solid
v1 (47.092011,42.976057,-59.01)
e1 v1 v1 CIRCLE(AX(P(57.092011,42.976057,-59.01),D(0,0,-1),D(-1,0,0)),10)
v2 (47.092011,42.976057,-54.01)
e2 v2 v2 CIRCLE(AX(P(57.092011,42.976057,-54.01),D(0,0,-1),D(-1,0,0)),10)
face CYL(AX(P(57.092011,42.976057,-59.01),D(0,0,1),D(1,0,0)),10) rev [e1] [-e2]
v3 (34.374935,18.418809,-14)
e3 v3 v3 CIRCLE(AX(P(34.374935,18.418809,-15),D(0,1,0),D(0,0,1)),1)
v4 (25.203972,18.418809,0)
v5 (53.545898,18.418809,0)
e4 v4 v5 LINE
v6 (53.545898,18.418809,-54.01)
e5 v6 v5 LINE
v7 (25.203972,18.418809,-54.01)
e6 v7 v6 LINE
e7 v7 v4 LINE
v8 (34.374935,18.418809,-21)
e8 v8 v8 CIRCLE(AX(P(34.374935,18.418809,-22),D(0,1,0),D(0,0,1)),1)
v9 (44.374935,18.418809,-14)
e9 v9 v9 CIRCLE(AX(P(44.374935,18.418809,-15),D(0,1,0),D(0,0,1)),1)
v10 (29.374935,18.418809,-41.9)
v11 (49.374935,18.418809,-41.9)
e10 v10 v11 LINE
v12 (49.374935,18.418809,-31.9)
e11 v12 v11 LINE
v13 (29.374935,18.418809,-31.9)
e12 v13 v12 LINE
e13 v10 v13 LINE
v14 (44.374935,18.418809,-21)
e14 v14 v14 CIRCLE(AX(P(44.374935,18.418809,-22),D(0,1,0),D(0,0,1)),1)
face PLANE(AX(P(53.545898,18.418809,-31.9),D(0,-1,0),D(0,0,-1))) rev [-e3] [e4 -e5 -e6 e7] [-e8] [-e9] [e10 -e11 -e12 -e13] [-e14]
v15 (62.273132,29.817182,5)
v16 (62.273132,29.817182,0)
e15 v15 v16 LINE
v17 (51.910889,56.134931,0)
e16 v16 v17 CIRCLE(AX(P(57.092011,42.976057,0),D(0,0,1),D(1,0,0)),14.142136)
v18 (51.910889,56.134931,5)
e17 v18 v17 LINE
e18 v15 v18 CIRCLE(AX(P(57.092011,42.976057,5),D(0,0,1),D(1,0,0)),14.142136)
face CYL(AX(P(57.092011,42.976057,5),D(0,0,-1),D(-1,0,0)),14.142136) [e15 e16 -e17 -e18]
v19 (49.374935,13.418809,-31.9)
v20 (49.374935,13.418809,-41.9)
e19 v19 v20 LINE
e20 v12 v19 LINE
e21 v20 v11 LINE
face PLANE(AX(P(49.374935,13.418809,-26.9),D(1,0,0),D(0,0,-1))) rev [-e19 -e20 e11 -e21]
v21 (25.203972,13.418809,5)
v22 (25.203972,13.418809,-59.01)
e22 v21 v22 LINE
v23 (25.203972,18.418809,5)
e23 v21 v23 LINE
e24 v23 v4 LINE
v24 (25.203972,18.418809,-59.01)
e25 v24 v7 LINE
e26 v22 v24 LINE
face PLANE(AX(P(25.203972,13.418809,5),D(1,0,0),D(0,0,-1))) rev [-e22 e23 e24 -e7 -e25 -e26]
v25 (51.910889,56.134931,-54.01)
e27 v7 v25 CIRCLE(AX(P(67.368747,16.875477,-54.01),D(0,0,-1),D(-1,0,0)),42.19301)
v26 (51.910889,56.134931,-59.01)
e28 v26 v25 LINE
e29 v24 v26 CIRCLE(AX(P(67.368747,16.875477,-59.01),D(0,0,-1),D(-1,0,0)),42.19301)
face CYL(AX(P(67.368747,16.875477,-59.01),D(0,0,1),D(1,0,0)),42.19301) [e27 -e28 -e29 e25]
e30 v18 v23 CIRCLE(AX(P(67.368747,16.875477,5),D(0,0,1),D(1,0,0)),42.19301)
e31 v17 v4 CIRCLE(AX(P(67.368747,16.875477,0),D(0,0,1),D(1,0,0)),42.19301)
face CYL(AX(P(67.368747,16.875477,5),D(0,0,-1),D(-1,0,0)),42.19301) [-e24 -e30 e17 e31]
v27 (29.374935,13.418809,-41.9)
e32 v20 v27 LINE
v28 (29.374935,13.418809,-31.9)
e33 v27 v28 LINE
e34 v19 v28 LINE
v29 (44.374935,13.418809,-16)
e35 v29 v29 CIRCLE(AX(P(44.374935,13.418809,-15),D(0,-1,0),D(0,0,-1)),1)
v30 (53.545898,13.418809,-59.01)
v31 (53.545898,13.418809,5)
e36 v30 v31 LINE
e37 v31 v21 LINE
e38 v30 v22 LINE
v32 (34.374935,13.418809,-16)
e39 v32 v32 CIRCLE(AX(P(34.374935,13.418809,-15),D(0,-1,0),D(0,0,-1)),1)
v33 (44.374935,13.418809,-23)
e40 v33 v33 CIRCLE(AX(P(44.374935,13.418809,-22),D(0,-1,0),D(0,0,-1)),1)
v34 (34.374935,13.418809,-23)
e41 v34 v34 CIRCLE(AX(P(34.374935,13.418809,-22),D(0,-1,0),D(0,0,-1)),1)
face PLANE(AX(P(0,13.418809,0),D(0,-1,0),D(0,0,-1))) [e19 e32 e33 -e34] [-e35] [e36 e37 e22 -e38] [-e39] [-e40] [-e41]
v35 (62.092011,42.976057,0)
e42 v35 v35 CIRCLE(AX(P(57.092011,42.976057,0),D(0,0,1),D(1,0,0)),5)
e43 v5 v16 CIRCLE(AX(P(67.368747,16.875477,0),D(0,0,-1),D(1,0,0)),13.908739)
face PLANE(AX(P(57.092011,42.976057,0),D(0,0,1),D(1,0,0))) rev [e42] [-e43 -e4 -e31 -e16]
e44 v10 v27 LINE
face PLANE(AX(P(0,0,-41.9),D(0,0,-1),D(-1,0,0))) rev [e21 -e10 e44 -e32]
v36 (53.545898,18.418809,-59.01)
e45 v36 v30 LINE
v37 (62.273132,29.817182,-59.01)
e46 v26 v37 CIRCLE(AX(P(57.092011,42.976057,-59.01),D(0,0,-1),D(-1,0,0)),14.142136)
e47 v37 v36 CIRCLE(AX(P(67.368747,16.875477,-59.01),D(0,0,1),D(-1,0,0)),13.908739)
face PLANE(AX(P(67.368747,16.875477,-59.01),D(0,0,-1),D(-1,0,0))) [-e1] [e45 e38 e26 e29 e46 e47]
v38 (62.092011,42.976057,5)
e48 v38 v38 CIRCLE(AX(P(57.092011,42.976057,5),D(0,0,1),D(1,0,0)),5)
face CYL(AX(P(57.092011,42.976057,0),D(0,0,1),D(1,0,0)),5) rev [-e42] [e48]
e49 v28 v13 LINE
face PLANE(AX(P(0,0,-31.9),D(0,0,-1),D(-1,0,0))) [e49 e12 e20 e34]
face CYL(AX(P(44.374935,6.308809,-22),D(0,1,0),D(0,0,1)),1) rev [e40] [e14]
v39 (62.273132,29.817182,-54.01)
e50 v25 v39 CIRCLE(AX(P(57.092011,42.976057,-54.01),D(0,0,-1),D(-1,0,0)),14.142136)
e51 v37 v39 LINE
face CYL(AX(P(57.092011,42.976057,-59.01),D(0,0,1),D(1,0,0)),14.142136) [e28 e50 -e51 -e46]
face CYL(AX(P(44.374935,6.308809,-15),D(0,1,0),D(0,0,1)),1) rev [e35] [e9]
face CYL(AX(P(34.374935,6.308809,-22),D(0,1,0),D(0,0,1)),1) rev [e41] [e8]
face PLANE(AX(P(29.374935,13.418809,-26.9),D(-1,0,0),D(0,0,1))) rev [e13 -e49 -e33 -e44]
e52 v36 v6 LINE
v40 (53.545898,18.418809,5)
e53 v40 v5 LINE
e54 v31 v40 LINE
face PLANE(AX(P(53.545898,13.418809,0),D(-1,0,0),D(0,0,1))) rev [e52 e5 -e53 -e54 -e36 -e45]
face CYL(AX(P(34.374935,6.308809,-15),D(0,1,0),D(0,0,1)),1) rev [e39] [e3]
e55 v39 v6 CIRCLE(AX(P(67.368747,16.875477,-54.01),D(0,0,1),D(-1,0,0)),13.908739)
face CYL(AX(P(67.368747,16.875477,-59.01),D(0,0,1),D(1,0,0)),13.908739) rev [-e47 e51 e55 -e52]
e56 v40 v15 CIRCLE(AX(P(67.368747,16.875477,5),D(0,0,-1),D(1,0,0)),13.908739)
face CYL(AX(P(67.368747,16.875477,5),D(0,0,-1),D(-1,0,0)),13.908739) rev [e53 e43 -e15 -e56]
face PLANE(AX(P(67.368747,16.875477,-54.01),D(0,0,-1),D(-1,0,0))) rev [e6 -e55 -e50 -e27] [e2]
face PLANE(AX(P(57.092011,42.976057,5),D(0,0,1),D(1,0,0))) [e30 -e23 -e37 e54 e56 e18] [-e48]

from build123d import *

# Parameters (mm, degrees)
BOSS_EXTRUDE1_DEPTH  = 5
SKETCH2_R            = 5
CUT_EXTRUDE1_DEPTH   = 5
SKETCH4_W            = 28.341926147
SKETCH4_H            = 5
BOSS_EXTRUDE2_DEPTH  = 5
SKETCH5_W            = 28.341926147
SKETCH5_H            = 5
BOSS_EXTRUDE3_DEPTH  = 31.9
SKETCH6_W            = 20
SKETCH6_H            = 5
CUT_EXTRUDE3_DEPTH   = 5
SKETCH8_W            = 4.170963073
SKETCH8_H            = 5
SKETCH8_W_2          = 4.170963074
BOSS_EXTRUDE8_DEPTH  = 10
SKETCH15_W           = 20
SKETCH15_H           = 5
BOSS_EXTRUDE9_DEPTH  = 5
SKETCH18_W           = 28.341926147
SKETCH18_H           = 5
BOSS_EXTRUDE11_DEPTH = 12.11
SKETCH19_R           = 1
CUT_EXTRUDE6_DEPTH   = 12.11
BOSS_EXTRUDE12_START = 5
SKETCH20_R           = 10
BOSS_EXTRUDE12_DEPTH = 5


with BuildPart() as part:
    # Model → Boss-Extrude1 (new body)
    with BuildSketch(Plane.XY):
        with BuildLine():
            Line((25.203972036, 18.418809181), (53.545898183, 18.418809181))
            ThreePointArc((53.545898183, 18.418809181), (56.325296764, 25.33096224), (62.273132312, 29.817182103))
            ThreePointArc((62.273132312, 29.817182103), (70.250885109, 48.157178295), (51.910888918, 56.134931092))
            ThreePointArc((51.910888918, 56.134931092), (32.934484586, 41.258497646), (25.203972036, 18.418809181))
        make_face()
    extrude(amount=BOSS_EXTRUDE1_DEPTH)

    # Sketch2 → Cut-Extrude1 (cut)
    with BuildSketch(Plane.XY.offset(5)):
        with Locations((57.092010615, 42.976056598)):
            Circle(SKETCH2_R)
    extrude(amount=-CUT_EXTRUDE1_DEPTH, mode=Mode.SUBTRACT)

    # Sketch4 → Boss-Extrude2 (add)
    with BuildSketch(Plane.XZ.offset(-18.418809181)):
        with Locations((39.37493511, 2.5)):
            Rectangle(SKETCH4_W, SKETCH4_H)
    extrude(amount=BOSS_EXTRUDE2_DEPTH)

    # Sketch5 → Boss-Extrude3 (add)
    with BuildSketch(Plane(origin=(0, 0, 0), x_dir=(-1, 0, 0), z_dir=(0, 0, -1))):
        with Locations((-39.37493511, 15.918809181)):
            Rectangle(SKETCH5_W, SKETCH5_H)
    extrude(amount=BOSS_EXTRUDE3_DEPTH)

    # Sketch6 → Cut-Extrude3 (cut)
    with BuildSketch(Plane(origin=(0, 18.418809181, 0), x_dir=(1, 0, 0), z_dir=(0, 1, 0))):
        with Locations((39.37493511, 29.4)):
            Rectangle(SKETCH6_W, SKETCH6_H)
    extrude(amount=-CUT_EXTRUDE3_DEPTH, mode=Mode.SUBTRACT)

    # Sketch8 → Boss-Extrude8 (add)
    with BuildSketch(Plane(origin=(0, 0, -31.9), x_dir=(-1, 0, 0), z_dir=(0, 0, -1))):
        with Locations((-51.460416647, 15.918809181)):
            Rectangle(SKETCH8_W, SKETCH8_H)
        with Locations((-27.289453573, 15.918809181)):
            Rectangle(SKETCH8_W_2, SKETCH8_H)
    extrude(amount=BOSS_EXTRUDE8_DEPTH)

    # Sketch15 → Boss-Extrude9 (add)
    with BuildSketch(Plane(origin=(0, 0, -26.9), x_dir=(-1, 0, 0), z_dir=(0, 0, -1))):
        with Locations((-39.37493511, 15.918809181)):
            Rectangle(SKETCH15_W, SKETCH15_H)
    extrude(amount=BOSS_EXTRUDE9_DEPTH)

    # Sketch18 → Boss-Extrude11 (add)
    with BuildSketch(Plane(origin=(0, 0, -41.9), x_dir=(-1, 0, 0), z_dir=(0, 0, -1))):
        with Locations((-39.37493511, 15.918809181)):
            Rectangle(SKETCH18_W, SKETCH18_H)
    extrude(amount=BOSS_EXTRUDE11_DEPTH)

    # Sketch19 → Cut-Extrude6 (cut)
    with BuildSketch(Plane(origin=(0, 18.418809181, 0), x_dir=(1, 0, 0), z_dir=(0, 1, 0))):
        with Locations(Location((34.37493511, 22, 0), (0, 0, 270))):
            Circle(SKETCH19_R)
        with Locations(Location((44.37493511, 22, 0), (0, 0, 270))):
            Circle(SKETCH19_R)
        with Locations(Location((34.37493511, 15, 0), (0, 0, 270))):
            Circle(SKETCH19_R)
        with Locations(Location((44.37493511, 15, 0), (0, 0, 270))):
            Circle(SKETCH19_R)
    extrude(amount=-CUT_EXTRUDE6_DEPTH, mode=Mode.SUBTRACT)

    # Sketch20 → Boss-Extrude12 (add)
    with BuildSketch(Plane(origin=(0, 0, -54.01), x_dir=(-1, 0, 0), z_dir=(0, 0, -1)).offset(BOSS_EXTRUDE12_START)):
        with BuildLine():
            Line((-53.545898183, 18.418809181), (-53.545898183, 13.418809181))
            Line((-53.545898183, 13.418809181), (-25.203972036, 13.418809181))
            Line((-25.203972036, 13.418809181), (-25.203972036, 18.418809181))
            ThreePointArc((-25.203972036, 18.418809181), (-32.934484586, 41.258497646), (-51.910888918, 56.134931092))
            ThreePointArc((-51.910888918, 56.134931092), (-70.250885109, 48.157178295), (-62.273132312, 29.817182103))
            ThreePointArc((-62.273132312, 29.817182103), (-56.325296764, 25.33096224), (-53.545898183, 18.418809181))
        make_face()
        with Locations((-57.092010615, 42.976056598)):
            Circle(SKETCH20_R, mode=Mode.SUBTRACT)
    extrude(amount=-BOSS_EXTRUDE12_DEPTH)


solid = part.part
